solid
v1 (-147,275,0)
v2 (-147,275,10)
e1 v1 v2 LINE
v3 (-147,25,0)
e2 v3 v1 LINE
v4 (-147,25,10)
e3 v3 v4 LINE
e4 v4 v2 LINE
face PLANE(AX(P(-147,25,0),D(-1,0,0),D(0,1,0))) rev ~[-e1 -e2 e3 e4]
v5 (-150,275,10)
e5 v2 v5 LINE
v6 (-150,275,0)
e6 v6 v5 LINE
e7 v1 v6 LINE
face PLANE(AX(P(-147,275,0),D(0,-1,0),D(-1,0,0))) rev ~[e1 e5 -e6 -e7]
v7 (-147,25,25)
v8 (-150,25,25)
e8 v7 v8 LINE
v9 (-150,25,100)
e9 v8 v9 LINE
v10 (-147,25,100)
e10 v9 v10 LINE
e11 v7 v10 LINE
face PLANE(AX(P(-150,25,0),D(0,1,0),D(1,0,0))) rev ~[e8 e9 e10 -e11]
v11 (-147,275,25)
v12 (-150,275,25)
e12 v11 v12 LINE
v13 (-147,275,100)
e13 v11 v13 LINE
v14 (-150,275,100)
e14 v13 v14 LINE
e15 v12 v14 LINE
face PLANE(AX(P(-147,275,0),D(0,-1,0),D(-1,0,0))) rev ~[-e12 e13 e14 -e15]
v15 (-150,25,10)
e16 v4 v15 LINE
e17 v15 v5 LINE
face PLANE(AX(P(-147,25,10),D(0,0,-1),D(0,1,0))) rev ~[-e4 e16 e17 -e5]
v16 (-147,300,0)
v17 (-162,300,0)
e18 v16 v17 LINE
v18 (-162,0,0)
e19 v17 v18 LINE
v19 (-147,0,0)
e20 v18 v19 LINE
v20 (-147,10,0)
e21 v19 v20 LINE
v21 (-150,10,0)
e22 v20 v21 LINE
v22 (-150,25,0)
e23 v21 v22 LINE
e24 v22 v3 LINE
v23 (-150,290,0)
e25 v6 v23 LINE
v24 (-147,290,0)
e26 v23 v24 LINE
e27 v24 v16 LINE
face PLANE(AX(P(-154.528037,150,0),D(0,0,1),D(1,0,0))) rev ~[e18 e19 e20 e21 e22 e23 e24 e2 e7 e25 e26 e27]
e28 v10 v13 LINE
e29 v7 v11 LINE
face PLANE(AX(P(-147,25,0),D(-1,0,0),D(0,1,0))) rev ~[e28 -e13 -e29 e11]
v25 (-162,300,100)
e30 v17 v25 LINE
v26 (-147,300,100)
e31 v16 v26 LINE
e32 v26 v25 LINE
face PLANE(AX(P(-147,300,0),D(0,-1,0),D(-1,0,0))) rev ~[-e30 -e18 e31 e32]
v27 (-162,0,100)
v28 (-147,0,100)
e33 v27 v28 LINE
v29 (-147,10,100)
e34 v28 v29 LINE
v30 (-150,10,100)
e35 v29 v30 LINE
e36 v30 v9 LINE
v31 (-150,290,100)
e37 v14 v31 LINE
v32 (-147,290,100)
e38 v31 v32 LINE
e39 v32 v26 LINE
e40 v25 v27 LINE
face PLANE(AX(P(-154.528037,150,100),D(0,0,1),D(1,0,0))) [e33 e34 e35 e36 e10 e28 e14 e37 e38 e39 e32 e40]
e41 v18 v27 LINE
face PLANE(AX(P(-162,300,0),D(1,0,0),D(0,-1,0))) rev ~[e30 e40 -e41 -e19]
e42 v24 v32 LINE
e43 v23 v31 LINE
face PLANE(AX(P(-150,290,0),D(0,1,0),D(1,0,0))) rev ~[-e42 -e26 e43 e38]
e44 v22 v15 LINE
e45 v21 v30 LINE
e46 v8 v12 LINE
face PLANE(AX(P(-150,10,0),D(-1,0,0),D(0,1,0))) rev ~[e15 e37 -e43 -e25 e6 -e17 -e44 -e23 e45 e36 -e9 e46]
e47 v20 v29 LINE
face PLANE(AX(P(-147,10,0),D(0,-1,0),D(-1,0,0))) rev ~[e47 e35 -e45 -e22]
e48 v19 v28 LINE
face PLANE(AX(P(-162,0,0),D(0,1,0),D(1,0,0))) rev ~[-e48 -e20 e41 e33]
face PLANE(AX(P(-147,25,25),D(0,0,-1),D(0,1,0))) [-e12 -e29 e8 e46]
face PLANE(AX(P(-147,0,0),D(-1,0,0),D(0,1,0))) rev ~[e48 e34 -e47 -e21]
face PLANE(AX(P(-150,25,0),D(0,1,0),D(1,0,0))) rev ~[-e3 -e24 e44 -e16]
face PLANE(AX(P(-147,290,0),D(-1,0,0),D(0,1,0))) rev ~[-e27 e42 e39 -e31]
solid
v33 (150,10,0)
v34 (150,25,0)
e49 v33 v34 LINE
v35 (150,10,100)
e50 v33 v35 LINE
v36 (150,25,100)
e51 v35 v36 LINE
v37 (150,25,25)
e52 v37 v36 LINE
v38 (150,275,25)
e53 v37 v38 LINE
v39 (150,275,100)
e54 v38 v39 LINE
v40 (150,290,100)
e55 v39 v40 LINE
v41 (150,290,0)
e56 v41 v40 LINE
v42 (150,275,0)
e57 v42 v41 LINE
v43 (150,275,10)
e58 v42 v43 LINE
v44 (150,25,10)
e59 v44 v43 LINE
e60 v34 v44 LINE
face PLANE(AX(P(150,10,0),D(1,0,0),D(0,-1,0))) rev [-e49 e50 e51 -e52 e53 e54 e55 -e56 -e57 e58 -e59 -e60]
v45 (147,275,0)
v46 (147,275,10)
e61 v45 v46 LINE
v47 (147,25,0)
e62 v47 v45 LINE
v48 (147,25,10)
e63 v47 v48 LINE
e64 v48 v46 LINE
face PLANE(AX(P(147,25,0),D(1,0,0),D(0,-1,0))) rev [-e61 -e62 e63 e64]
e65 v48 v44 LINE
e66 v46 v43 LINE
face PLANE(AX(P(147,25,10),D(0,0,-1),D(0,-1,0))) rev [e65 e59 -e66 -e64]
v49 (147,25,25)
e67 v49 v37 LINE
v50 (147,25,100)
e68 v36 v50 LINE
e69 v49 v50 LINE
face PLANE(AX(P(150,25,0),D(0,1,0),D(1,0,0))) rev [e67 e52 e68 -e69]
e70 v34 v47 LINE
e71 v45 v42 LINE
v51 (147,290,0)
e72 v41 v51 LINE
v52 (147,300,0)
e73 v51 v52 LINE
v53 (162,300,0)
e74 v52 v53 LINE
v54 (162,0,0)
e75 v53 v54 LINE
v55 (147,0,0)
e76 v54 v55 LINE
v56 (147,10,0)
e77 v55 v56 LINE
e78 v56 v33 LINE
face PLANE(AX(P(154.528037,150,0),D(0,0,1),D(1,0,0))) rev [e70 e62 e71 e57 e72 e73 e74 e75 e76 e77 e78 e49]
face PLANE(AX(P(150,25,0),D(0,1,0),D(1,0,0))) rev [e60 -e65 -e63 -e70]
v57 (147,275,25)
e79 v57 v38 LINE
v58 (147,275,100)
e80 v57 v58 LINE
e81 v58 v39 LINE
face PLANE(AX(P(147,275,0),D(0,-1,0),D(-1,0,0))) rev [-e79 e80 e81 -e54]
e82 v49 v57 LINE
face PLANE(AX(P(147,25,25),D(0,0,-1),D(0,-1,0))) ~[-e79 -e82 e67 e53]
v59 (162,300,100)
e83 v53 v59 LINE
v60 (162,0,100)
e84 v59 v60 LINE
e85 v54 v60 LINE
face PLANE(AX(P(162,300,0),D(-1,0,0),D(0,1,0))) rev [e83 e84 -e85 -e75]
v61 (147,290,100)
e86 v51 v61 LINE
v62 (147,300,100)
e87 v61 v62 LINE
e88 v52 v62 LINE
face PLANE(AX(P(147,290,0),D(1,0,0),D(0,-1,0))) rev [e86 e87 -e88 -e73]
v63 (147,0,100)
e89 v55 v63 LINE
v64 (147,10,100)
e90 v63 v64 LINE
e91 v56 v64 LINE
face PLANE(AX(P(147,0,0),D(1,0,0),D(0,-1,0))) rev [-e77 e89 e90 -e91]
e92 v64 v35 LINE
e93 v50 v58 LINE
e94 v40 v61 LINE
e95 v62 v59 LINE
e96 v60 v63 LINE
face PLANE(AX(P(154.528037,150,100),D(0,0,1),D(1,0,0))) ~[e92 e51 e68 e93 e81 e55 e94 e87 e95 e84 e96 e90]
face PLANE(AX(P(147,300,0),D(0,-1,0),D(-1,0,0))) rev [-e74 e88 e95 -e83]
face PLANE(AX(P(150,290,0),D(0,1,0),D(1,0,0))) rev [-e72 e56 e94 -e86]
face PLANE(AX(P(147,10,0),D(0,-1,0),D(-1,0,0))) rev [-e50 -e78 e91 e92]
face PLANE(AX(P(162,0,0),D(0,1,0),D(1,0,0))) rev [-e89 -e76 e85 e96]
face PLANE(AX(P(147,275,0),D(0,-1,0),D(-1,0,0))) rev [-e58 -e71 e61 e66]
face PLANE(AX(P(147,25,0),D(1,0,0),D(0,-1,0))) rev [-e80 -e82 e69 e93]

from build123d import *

# Parameters (mm, degrees)
F1_DEPTH = 100
F2_W     = 250
F2_H     = 15
F3_DEPTH = 3


with BuildPart() as f1:
    # F0 (on Top) → F1 (new body)
    with BuildSketch(Plane.XY):
        Polygon((-162, 300), (-162, 0), (-147, 0), (-147, 10), (-150, 10), (-150, 25), (-147, 25), (-147, 275), (-150, 275), (-150, 290), (-147, 290), (-147, 300), align=None)
    extrude(amount=F1_DEPTH)

    # F2 (on face) → F3 (cut, through all)
    with BuildSketch(Plane.YZ.offset(-147)):
        with Locations((150, 17.5)):
            Rectangle(F2_W, F2_H)
    extrude(amount=-F3_DEPTH, mode=Mode.SUBTRACT)


with BuildPart() as f4_1:
    # F4: instance of F1
    add(f1.part.mirror(Plane.YZ))


solid = Compound([f1.part, f4_1.part])
